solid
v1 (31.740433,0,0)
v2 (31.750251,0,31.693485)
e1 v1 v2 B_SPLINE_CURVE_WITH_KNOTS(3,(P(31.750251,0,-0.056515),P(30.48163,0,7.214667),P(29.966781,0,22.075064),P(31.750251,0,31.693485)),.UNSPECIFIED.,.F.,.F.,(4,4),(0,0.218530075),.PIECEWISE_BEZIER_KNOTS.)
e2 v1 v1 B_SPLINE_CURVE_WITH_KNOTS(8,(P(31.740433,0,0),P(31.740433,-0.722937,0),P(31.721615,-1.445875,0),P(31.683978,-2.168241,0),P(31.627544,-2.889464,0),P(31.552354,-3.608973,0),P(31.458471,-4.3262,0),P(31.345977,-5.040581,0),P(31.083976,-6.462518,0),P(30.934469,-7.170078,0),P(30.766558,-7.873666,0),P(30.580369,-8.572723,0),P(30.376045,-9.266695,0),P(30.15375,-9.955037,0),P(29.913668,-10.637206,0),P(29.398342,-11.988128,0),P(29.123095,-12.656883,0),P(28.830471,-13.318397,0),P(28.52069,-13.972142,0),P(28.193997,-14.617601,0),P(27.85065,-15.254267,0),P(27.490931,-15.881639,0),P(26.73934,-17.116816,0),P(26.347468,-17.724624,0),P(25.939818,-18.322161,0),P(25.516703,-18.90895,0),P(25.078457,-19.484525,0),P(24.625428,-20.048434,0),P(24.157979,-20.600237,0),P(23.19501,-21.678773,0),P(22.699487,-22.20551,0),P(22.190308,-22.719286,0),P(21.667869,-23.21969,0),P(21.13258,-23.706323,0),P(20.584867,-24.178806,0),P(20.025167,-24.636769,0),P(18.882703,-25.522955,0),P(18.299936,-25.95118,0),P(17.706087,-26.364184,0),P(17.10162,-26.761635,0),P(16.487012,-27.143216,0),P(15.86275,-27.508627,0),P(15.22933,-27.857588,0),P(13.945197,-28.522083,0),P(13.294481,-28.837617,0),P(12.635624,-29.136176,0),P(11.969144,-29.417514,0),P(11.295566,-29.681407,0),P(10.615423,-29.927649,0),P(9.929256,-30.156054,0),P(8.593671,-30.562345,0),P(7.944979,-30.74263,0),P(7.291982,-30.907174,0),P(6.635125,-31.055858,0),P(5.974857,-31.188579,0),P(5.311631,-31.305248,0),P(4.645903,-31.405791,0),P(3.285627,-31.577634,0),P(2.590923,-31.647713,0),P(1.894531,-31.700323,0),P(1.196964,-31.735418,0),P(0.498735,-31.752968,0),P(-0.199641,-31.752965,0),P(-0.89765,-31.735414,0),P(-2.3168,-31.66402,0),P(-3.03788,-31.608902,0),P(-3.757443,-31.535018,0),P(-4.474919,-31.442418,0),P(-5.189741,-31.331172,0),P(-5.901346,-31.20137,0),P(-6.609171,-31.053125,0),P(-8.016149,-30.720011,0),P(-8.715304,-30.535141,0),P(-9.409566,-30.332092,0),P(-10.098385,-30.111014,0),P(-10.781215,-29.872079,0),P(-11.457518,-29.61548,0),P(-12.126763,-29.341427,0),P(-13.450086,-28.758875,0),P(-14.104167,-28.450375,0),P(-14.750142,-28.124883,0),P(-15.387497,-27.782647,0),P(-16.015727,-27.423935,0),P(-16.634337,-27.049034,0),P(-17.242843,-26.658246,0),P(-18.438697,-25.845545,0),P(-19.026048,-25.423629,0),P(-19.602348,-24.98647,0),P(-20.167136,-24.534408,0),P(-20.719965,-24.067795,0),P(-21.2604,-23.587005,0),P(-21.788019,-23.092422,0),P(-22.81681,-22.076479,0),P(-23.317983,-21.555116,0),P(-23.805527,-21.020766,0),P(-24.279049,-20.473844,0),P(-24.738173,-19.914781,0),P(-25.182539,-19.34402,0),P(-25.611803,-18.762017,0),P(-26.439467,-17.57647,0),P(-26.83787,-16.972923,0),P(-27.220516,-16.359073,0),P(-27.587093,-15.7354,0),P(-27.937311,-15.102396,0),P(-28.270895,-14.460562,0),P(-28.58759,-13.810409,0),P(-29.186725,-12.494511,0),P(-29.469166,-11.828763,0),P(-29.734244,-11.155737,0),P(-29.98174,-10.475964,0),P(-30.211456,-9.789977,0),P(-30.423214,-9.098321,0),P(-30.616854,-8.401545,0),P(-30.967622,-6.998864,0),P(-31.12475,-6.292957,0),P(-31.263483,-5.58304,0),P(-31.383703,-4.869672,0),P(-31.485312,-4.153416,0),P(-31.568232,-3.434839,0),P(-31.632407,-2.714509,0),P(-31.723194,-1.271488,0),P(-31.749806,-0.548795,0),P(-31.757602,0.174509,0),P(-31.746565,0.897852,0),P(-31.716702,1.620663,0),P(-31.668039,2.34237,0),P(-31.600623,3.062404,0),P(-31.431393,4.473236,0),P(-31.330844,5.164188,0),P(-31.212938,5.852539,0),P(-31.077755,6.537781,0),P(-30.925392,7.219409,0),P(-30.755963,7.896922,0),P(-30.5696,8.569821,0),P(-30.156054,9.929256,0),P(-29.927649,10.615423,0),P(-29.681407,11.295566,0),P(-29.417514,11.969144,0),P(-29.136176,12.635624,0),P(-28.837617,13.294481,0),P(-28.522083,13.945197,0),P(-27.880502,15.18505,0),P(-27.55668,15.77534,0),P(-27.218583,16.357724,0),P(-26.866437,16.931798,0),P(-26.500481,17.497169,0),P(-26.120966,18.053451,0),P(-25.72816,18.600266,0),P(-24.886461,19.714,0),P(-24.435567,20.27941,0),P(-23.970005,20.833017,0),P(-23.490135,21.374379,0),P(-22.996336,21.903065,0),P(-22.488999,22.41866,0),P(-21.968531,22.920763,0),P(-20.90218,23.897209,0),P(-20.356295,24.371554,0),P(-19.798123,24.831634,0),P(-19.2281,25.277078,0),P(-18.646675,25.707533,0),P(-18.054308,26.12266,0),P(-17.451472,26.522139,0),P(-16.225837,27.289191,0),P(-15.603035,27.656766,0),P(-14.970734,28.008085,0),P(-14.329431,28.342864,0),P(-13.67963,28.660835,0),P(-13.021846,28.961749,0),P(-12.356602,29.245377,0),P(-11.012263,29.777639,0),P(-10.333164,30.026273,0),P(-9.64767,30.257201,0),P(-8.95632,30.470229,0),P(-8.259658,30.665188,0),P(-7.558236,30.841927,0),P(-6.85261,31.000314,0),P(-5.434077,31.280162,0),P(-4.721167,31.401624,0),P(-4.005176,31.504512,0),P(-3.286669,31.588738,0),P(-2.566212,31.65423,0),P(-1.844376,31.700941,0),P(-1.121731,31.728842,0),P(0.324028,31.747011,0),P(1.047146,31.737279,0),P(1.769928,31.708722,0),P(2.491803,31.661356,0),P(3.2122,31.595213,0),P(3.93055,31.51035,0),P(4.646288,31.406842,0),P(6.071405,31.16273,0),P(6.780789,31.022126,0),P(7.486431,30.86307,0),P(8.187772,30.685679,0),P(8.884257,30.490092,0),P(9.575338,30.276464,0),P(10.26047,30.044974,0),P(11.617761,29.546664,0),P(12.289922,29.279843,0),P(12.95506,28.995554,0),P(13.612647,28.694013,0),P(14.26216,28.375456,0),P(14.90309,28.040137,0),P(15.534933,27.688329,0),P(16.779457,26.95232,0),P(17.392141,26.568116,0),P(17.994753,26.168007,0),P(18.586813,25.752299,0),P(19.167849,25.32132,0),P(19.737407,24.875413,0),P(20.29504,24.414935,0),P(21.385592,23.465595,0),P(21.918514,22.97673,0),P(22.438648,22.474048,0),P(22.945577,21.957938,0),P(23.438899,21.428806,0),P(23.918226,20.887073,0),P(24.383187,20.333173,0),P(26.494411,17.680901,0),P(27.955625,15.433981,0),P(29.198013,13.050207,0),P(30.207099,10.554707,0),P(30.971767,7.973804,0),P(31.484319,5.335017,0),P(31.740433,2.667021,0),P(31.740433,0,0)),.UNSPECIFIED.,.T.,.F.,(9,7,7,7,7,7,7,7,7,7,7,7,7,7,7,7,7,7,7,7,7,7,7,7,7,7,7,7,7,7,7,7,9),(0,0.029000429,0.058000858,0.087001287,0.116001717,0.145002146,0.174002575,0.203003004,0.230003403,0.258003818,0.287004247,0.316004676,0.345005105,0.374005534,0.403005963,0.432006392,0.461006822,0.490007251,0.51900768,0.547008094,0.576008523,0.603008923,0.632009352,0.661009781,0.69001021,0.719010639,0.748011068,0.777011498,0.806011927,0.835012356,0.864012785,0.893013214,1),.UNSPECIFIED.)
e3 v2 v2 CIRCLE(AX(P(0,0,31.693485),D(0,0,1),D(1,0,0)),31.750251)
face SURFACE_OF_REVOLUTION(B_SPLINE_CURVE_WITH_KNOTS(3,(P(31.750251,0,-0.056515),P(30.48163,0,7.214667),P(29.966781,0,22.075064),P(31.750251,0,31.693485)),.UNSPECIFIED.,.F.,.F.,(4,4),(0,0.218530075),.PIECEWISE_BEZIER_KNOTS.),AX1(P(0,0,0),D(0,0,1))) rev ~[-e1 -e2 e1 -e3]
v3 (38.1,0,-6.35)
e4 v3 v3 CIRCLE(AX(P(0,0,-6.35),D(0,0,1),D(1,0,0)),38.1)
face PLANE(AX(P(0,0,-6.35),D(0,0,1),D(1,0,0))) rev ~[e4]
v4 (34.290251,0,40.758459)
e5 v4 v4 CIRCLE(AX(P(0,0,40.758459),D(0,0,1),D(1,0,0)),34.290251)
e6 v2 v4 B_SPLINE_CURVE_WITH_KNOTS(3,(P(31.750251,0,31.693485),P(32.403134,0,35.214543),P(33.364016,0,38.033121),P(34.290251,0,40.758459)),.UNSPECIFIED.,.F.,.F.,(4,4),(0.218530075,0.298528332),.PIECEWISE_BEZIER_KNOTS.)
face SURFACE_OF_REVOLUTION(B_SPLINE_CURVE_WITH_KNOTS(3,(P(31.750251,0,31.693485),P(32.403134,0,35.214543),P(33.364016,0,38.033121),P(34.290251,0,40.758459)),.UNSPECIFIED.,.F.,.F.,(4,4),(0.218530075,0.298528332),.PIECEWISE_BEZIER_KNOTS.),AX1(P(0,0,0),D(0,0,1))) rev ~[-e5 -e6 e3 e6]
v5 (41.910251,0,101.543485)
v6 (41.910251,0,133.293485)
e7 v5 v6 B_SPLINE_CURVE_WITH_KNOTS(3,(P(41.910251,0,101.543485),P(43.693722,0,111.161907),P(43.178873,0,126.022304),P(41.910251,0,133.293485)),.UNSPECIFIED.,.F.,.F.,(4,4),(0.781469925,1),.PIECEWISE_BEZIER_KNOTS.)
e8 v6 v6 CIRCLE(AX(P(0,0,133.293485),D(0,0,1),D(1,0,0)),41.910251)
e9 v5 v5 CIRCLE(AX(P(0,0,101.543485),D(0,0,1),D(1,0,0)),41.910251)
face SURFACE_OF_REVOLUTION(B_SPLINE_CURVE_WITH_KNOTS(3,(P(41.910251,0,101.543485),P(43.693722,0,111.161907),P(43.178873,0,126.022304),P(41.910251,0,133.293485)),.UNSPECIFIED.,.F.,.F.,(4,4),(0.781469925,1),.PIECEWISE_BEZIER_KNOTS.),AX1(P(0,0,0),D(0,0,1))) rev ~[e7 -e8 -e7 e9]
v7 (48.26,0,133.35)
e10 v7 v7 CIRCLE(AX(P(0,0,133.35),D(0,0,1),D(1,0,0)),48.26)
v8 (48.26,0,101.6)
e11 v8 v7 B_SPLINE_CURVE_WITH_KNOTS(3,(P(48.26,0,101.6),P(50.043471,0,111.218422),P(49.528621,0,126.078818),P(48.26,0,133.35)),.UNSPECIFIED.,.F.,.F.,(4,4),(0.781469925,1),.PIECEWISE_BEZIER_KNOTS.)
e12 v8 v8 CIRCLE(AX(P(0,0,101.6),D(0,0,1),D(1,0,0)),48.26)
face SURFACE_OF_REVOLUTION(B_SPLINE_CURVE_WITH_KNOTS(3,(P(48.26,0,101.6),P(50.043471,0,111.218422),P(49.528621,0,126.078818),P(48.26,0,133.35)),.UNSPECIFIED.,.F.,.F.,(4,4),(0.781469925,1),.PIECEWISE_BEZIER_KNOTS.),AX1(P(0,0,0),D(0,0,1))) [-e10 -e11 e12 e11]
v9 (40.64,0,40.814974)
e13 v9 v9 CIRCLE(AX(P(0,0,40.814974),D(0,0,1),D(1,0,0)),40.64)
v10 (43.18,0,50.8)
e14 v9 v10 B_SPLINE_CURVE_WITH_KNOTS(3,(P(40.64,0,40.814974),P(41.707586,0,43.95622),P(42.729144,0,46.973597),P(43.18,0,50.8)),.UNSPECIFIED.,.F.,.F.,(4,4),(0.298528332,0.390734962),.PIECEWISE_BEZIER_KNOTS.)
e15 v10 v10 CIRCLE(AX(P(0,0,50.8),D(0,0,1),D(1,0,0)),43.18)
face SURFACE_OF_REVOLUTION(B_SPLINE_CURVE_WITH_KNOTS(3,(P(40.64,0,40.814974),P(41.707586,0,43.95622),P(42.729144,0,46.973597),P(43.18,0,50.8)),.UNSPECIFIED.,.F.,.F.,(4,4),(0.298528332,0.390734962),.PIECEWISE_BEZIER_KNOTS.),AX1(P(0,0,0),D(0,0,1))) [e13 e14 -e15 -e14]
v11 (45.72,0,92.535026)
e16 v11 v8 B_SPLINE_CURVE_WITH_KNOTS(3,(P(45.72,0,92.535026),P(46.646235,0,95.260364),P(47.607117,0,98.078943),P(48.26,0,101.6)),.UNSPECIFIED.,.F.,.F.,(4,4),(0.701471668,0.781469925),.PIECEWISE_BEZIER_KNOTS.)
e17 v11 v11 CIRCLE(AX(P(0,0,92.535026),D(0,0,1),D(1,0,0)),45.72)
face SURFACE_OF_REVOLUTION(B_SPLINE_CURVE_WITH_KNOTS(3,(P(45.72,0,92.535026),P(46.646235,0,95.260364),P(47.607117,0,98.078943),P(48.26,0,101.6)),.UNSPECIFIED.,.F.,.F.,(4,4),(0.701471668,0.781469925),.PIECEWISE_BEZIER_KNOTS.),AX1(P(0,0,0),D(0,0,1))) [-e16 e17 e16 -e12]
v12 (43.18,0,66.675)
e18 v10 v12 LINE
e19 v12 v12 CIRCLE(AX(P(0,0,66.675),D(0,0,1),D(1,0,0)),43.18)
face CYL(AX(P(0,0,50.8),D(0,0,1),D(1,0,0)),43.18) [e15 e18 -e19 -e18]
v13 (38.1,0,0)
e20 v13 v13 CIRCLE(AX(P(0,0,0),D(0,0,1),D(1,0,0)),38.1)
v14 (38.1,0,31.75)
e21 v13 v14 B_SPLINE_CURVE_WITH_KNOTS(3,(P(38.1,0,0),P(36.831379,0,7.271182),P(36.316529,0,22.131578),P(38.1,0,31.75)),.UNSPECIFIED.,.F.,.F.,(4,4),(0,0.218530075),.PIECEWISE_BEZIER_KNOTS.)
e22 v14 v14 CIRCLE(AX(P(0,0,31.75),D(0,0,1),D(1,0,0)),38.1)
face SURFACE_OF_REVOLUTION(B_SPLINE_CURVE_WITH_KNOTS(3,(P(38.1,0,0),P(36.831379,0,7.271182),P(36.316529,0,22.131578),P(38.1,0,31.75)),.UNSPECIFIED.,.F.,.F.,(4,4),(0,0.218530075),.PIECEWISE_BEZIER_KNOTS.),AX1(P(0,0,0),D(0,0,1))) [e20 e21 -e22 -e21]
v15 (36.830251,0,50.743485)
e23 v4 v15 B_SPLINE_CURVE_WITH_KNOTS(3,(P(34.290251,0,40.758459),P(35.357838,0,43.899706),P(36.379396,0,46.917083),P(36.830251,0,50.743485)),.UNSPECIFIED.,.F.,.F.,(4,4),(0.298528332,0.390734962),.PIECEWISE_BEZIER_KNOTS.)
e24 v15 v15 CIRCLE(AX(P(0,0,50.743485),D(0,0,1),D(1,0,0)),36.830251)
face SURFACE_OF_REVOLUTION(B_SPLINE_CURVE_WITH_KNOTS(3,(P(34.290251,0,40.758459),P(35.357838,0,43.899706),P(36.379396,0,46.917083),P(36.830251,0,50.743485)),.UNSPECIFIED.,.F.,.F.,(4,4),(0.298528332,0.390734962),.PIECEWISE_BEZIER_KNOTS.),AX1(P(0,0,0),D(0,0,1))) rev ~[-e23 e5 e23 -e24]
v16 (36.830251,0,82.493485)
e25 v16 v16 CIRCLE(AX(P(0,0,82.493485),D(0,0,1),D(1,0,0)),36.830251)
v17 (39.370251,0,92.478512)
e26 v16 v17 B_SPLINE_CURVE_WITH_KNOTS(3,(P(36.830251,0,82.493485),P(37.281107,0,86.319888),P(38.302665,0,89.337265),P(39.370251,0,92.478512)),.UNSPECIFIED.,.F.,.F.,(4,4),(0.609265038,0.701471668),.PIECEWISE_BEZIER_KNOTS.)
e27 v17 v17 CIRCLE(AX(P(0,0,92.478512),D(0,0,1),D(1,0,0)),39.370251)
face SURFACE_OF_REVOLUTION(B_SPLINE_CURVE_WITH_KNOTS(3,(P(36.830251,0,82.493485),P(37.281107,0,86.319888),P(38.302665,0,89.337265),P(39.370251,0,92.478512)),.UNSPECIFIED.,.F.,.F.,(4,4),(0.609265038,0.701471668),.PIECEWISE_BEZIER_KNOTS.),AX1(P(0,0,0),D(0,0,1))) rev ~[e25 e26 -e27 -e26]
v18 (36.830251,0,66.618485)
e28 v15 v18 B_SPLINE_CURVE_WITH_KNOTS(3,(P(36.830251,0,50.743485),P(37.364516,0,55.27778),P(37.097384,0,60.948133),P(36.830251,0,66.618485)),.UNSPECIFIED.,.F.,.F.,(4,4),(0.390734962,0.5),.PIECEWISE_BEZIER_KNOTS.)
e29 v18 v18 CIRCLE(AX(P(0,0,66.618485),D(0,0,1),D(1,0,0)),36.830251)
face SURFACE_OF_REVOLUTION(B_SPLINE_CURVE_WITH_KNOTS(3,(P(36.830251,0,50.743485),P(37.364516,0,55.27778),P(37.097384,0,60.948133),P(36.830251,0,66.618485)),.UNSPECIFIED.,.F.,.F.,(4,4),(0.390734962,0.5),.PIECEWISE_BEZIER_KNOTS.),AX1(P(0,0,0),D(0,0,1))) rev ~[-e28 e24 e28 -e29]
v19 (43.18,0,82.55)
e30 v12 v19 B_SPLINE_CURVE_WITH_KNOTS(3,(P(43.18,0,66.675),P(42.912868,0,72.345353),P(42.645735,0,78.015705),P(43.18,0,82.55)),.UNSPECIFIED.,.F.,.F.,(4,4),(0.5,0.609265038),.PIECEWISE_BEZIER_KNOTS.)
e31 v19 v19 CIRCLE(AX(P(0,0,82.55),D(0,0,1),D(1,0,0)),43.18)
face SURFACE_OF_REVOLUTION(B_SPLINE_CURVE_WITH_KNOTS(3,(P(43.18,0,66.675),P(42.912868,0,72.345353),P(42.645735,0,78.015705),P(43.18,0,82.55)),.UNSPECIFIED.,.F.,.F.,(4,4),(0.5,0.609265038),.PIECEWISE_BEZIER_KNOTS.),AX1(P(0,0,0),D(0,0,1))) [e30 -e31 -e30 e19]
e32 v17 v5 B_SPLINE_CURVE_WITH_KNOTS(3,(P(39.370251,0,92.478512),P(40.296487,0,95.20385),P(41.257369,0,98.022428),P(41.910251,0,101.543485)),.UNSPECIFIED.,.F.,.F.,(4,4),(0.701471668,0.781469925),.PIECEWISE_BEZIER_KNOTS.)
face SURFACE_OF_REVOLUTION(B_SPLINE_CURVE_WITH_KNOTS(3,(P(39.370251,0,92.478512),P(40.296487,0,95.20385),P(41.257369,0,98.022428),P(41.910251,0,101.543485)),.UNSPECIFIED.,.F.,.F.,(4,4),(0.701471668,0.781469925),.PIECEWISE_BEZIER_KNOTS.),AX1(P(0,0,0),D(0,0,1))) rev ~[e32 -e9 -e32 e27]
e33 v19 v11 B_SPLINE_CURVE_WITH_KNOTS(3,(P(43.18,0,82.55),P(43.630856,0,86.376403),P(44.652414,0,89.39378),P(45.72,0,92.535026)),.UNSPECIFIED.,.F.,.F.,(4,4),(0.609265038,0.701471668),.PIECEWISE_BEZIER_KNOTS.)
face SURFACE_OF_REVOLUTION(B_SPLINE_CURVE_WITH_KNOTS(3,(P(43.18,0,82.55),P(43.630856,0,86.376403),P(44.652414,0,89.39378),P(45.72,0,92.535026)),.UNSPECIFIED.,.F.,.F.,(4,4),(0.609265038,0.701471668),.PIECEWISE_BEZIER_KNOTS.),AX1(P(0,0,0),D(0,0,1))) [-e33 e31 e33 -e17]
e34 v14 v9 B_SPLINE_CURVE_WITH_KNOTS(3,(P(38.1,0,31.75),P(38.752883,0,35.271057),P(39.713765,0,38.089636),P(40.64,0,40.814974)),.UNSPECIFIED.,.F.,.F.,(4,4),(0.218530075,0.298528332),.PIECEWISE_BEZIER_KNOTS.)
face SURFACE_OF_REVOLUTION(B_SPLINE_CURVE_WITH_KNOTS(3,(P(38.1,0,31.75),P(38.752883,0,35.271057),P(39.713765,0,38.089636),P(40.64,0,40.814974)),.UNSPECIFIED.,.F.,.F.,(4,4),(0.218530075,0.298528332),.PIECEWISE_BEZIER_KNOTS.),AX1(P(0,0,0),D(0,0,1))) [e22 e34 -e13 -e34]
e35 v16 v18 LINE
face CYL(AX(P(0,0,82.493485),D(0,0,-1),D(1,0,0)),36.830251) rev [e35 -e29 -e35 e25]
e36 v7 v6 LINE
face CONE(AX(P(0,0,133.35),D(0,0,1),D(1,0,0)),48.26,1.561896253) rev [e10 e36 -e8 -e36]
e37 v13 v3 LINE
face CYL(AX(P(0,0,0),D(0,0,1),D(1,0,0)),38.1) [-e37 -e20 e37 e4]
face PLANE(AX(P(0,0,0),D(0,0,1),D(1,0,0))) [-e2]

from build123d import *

# Parameters (mm, degrees)
F0_R     = 38.1
F0_R_2   = 31.75
F3_DEPTH = 6.35


with BuildPart() as f2:
    # F1 (on Front) → F2 (revolve)
    with BuildSketch(Plane.XZ):
        with BuildLine():
            Line((31.7502514942, -0.0565147211), (38.1, 0))
            add(Edge.make_bspline(
                [(38.1, 0), (36.8313788347, 7.2711816706), (36.3165292445, 22.1315784914), (38.1, 31.75)],
                knots=[0, 0, 0, 0, 0.2185300754, 0.2185300754, 0.2185300754, 0.2185300754], degree=3))
            add(Edge.make_bspline(
                [(38.1, 31.75), (38.7528829051, 35.2710574424), (39.7137647145, 38.0896355044), (40.64, 40.8149736952)],
                knots=[0.2185300754, 0.2185300754, 0.2185300754, 0.2185300754, 0.2985283316, 0.2985283316, 0.2985283316, 0.2985283316], degree=3))
            Line((40.64, 40.8149736952), (40.64, 50.8))
            Line((40.64, 50.8), (43.18, 50.8))
            Line((43.18, 50.8), (43.18, 66.675))
            add(Edge.make_bspline(
                [(43.18, 66.675), (42.9128675718, 72.3453526467), (42.6457351435, 78.0157052935), (43.18, 82.55)],
                knots=[0.5, 0.5, 0.5, 0.5, 0.6092650377, 0.6092650377, 0.6092650377, 0.6092650377], degree=3))
            add(Edge.make_bspline(
                [(43.18, 82.55), (43.6308556748, 86.3764027194), (44.6524137935, 89.3937796844), (45.72, 92.5350263048)],
                knots=[0.6092650377, 0.6092650377, 0.6092650377, 0.6092650377, 0.7014716684, 0.7014716684, 0.7014716684, 0.7014716684], degree=3))
            Line((45.72, 92.5350263048), (45.72, 101.6))
            Line((45.72, 101.6), (48.26, 101.6))
            Line((48.26, 101.6), (48.26, 133.35))
            Line((48.26, 133.35), (41.9102514942, 133.2934852789))
            add(Edge.make_bspline(
                [(41.9102514942, 101.5434852789), (43.6937222498, 111.1619067876), (43.1788726596, 126.0223036083), (41.9102514942, 133.2934852789)],
                knots=[0.7814699246, 0.7814699246, 0.7814699246, 0.7814699246, 1, 1, 1, 1], degree=3))
            add(Edge.make_bspline(
                [(39.3702514942, 92.4785115838), (40.2964867798, 95.2038497745), (41.2573685891, 98.0224278365), (41.9102514942, 101.5434852789)],
                knots=[0.7014716684, 0.7014716684, 0.7014716684, 0.7014716684, 0.7814699246, 0.7814699246, 0.7814699246, 0.7814699246], degree=3))
            Line((39.3702514942, 92.4785115838), (39.3702514942, 82.4934852789))
            Line((39.3702514942, 82.4934852789), (36.8302514942, 82.4934852789))
            Line((36.8302514942, 82.4934852789), (36.8302514942, 66.6184852789))
            add(Edge.make_bspline(
                [(36.8302514942, 50.7434852789), (37.3645163507, 55.2777799854), (37.0973839225, 60.9481326322), (36.8302514942, 66.6184852789)],
                knots=[0.3907349623, 0.3907349623, 0.3907349623, 0.3907349623, 0.5, 0.5, 0.5, 0.5], degree=3))
            add(Edge.make_bspline(
                [(34.2902514942, 40.7584589741), (35.3578377007, 43.8997055946), (36.3793958194, 46.9170825595), (36.8302514942, 50.7434852789)],
                knots=[0.2985283316, 0.2985283316, 0.2985283316, 0.2985283316, 0.3907349623, 0.3907349623, 0.3907349623, 0.3907349623], degree=3))
            Line((34.2902514942, 40.7584589741), (34.2902514942, 31.6934852789))
            Line((34.2902514942, 31.6934852789), (31.7502514942, 31.6934852789))
            Line((31.7502514942, 31.6934852789), (31.7502514942, -0.0565147211))
        make_face()
        with BuildLine():
            add(Edge.make_bspline(
                [(36.8302514942, 82.4934852789), (37.2811071691, 86.3198879983), (38.3026652878, 89.3372649633), (39.3702514942, 92.4785115838)],
                knots=[0.6092650377, 0.6092650377, 0.6092650377, 0.6092650377, 0.7014716684, 0.7014716684, 0.7014716684, 0.7014716684], degree=3))
            Line((36.8302514942, 82.4934852789), (39.3702514942, 82.4934852789))
            Line((39.3702514942, 82.4934852789), (39.3702514942, 92.4785115838))
        make_face()
        with BuildLine():
            Line((45.72, 101.6), (45.72, 92.5350263048))
            add(Edge.make_bspline(
                [(45.72, 92.5350263048), (46.6462352855, 95.2603644956), (47.6071170949, 98.0789425576), (48.26, 101.6)],
                knots=[0.7014716684, 0.7014716684, 0.7014716684, 0.7014716684, 0.7814699246, 0.7814699246, 0.7814699246, 0.7814699246], degree=3))
            Line((48.26, 101.6), (45.72, 101.6))
        make_face()
        with BuildLine():
            Line((40.64, 50.8), (40.64, 40.8149736952))
            add(Edge.make_bspline(
                [(40.64, 40.8149736952), (41.7075862065, 43.9562203156), (42.7291443252, 46.9735972806), (43.18, 50.8)],
                knots=[0.2985283316, 0.2985283316, 0.2985283316, 0.2985283316, 0.3907349623, 0.3907349623, 0.3907349623, 0.3907349623], degree=3))
            Line((43.18, 50.8), (40.64, 50.8))
        make_face()
        with BuildLine():
            add(Edge.make_bspline(
                [(31.7502514942, 31.6934852789), (32.4031343993, 35.2145427213), (33.3640162087, 38.0331207834), (34.2902514942, 40.7584589741)],
                knots=[0.2185300754, 0.2185300754, 0.2185300754, 0.2185300754, 0.2985283316, 0.2985283316, 0.2985283316, 0.2985283316], degree=3))
            Line((31.7502514942, 31.6934852789), (34.2902514942, 31.6934852789))
            Line((34.2902514942, 31.6934852789), (34.2902514942, 40.7584589741))
        make_face()
        with BuildLine():
            add(Edge.make_bspline(
                [(31.7502514942, -0.0565147211), (30.4816303289, 7.2146669496), (29.9667807387, 22.0750637703), (31.7502514942, 31.6934852789)],
                knots=[0, 0, 0, 0, 0.2185300754, 0.2185300754, 0.2185300754, 0.2185300754], degree=3))
            Line((31.7502514942, -0.0565147211), (31.7502514942, 31.6934852789))
        make_face()
        with BuildLine():
            Line((48.26, 133.35), (48.26, 101.6))
            add(Edge.make_bspline(
                [(48.26, 101.6), (50.0434707555, 111.2184215086), (49.5286211653, 126.0788183294), (48.26, 133.35)],
                knots=[0.7814699246, 0.7814699246, 0.7814699246, 0.7814699246, 1, 1, 1, 1], degree=3))
        make_face()
    revolve(axis=Axis((0, 0, 0), (0, 0, 1)))

    # F0 (on Top) → F3 (join)
    with BuildSketch(Plane.XY):
        Circle(F0_R)
        Circle(F0_R_2, mode=Mode.SUBTRACT)
        Circle(F0_R_2)
    extrude(amount=-F3_DEPTH)


solid = f2.part
